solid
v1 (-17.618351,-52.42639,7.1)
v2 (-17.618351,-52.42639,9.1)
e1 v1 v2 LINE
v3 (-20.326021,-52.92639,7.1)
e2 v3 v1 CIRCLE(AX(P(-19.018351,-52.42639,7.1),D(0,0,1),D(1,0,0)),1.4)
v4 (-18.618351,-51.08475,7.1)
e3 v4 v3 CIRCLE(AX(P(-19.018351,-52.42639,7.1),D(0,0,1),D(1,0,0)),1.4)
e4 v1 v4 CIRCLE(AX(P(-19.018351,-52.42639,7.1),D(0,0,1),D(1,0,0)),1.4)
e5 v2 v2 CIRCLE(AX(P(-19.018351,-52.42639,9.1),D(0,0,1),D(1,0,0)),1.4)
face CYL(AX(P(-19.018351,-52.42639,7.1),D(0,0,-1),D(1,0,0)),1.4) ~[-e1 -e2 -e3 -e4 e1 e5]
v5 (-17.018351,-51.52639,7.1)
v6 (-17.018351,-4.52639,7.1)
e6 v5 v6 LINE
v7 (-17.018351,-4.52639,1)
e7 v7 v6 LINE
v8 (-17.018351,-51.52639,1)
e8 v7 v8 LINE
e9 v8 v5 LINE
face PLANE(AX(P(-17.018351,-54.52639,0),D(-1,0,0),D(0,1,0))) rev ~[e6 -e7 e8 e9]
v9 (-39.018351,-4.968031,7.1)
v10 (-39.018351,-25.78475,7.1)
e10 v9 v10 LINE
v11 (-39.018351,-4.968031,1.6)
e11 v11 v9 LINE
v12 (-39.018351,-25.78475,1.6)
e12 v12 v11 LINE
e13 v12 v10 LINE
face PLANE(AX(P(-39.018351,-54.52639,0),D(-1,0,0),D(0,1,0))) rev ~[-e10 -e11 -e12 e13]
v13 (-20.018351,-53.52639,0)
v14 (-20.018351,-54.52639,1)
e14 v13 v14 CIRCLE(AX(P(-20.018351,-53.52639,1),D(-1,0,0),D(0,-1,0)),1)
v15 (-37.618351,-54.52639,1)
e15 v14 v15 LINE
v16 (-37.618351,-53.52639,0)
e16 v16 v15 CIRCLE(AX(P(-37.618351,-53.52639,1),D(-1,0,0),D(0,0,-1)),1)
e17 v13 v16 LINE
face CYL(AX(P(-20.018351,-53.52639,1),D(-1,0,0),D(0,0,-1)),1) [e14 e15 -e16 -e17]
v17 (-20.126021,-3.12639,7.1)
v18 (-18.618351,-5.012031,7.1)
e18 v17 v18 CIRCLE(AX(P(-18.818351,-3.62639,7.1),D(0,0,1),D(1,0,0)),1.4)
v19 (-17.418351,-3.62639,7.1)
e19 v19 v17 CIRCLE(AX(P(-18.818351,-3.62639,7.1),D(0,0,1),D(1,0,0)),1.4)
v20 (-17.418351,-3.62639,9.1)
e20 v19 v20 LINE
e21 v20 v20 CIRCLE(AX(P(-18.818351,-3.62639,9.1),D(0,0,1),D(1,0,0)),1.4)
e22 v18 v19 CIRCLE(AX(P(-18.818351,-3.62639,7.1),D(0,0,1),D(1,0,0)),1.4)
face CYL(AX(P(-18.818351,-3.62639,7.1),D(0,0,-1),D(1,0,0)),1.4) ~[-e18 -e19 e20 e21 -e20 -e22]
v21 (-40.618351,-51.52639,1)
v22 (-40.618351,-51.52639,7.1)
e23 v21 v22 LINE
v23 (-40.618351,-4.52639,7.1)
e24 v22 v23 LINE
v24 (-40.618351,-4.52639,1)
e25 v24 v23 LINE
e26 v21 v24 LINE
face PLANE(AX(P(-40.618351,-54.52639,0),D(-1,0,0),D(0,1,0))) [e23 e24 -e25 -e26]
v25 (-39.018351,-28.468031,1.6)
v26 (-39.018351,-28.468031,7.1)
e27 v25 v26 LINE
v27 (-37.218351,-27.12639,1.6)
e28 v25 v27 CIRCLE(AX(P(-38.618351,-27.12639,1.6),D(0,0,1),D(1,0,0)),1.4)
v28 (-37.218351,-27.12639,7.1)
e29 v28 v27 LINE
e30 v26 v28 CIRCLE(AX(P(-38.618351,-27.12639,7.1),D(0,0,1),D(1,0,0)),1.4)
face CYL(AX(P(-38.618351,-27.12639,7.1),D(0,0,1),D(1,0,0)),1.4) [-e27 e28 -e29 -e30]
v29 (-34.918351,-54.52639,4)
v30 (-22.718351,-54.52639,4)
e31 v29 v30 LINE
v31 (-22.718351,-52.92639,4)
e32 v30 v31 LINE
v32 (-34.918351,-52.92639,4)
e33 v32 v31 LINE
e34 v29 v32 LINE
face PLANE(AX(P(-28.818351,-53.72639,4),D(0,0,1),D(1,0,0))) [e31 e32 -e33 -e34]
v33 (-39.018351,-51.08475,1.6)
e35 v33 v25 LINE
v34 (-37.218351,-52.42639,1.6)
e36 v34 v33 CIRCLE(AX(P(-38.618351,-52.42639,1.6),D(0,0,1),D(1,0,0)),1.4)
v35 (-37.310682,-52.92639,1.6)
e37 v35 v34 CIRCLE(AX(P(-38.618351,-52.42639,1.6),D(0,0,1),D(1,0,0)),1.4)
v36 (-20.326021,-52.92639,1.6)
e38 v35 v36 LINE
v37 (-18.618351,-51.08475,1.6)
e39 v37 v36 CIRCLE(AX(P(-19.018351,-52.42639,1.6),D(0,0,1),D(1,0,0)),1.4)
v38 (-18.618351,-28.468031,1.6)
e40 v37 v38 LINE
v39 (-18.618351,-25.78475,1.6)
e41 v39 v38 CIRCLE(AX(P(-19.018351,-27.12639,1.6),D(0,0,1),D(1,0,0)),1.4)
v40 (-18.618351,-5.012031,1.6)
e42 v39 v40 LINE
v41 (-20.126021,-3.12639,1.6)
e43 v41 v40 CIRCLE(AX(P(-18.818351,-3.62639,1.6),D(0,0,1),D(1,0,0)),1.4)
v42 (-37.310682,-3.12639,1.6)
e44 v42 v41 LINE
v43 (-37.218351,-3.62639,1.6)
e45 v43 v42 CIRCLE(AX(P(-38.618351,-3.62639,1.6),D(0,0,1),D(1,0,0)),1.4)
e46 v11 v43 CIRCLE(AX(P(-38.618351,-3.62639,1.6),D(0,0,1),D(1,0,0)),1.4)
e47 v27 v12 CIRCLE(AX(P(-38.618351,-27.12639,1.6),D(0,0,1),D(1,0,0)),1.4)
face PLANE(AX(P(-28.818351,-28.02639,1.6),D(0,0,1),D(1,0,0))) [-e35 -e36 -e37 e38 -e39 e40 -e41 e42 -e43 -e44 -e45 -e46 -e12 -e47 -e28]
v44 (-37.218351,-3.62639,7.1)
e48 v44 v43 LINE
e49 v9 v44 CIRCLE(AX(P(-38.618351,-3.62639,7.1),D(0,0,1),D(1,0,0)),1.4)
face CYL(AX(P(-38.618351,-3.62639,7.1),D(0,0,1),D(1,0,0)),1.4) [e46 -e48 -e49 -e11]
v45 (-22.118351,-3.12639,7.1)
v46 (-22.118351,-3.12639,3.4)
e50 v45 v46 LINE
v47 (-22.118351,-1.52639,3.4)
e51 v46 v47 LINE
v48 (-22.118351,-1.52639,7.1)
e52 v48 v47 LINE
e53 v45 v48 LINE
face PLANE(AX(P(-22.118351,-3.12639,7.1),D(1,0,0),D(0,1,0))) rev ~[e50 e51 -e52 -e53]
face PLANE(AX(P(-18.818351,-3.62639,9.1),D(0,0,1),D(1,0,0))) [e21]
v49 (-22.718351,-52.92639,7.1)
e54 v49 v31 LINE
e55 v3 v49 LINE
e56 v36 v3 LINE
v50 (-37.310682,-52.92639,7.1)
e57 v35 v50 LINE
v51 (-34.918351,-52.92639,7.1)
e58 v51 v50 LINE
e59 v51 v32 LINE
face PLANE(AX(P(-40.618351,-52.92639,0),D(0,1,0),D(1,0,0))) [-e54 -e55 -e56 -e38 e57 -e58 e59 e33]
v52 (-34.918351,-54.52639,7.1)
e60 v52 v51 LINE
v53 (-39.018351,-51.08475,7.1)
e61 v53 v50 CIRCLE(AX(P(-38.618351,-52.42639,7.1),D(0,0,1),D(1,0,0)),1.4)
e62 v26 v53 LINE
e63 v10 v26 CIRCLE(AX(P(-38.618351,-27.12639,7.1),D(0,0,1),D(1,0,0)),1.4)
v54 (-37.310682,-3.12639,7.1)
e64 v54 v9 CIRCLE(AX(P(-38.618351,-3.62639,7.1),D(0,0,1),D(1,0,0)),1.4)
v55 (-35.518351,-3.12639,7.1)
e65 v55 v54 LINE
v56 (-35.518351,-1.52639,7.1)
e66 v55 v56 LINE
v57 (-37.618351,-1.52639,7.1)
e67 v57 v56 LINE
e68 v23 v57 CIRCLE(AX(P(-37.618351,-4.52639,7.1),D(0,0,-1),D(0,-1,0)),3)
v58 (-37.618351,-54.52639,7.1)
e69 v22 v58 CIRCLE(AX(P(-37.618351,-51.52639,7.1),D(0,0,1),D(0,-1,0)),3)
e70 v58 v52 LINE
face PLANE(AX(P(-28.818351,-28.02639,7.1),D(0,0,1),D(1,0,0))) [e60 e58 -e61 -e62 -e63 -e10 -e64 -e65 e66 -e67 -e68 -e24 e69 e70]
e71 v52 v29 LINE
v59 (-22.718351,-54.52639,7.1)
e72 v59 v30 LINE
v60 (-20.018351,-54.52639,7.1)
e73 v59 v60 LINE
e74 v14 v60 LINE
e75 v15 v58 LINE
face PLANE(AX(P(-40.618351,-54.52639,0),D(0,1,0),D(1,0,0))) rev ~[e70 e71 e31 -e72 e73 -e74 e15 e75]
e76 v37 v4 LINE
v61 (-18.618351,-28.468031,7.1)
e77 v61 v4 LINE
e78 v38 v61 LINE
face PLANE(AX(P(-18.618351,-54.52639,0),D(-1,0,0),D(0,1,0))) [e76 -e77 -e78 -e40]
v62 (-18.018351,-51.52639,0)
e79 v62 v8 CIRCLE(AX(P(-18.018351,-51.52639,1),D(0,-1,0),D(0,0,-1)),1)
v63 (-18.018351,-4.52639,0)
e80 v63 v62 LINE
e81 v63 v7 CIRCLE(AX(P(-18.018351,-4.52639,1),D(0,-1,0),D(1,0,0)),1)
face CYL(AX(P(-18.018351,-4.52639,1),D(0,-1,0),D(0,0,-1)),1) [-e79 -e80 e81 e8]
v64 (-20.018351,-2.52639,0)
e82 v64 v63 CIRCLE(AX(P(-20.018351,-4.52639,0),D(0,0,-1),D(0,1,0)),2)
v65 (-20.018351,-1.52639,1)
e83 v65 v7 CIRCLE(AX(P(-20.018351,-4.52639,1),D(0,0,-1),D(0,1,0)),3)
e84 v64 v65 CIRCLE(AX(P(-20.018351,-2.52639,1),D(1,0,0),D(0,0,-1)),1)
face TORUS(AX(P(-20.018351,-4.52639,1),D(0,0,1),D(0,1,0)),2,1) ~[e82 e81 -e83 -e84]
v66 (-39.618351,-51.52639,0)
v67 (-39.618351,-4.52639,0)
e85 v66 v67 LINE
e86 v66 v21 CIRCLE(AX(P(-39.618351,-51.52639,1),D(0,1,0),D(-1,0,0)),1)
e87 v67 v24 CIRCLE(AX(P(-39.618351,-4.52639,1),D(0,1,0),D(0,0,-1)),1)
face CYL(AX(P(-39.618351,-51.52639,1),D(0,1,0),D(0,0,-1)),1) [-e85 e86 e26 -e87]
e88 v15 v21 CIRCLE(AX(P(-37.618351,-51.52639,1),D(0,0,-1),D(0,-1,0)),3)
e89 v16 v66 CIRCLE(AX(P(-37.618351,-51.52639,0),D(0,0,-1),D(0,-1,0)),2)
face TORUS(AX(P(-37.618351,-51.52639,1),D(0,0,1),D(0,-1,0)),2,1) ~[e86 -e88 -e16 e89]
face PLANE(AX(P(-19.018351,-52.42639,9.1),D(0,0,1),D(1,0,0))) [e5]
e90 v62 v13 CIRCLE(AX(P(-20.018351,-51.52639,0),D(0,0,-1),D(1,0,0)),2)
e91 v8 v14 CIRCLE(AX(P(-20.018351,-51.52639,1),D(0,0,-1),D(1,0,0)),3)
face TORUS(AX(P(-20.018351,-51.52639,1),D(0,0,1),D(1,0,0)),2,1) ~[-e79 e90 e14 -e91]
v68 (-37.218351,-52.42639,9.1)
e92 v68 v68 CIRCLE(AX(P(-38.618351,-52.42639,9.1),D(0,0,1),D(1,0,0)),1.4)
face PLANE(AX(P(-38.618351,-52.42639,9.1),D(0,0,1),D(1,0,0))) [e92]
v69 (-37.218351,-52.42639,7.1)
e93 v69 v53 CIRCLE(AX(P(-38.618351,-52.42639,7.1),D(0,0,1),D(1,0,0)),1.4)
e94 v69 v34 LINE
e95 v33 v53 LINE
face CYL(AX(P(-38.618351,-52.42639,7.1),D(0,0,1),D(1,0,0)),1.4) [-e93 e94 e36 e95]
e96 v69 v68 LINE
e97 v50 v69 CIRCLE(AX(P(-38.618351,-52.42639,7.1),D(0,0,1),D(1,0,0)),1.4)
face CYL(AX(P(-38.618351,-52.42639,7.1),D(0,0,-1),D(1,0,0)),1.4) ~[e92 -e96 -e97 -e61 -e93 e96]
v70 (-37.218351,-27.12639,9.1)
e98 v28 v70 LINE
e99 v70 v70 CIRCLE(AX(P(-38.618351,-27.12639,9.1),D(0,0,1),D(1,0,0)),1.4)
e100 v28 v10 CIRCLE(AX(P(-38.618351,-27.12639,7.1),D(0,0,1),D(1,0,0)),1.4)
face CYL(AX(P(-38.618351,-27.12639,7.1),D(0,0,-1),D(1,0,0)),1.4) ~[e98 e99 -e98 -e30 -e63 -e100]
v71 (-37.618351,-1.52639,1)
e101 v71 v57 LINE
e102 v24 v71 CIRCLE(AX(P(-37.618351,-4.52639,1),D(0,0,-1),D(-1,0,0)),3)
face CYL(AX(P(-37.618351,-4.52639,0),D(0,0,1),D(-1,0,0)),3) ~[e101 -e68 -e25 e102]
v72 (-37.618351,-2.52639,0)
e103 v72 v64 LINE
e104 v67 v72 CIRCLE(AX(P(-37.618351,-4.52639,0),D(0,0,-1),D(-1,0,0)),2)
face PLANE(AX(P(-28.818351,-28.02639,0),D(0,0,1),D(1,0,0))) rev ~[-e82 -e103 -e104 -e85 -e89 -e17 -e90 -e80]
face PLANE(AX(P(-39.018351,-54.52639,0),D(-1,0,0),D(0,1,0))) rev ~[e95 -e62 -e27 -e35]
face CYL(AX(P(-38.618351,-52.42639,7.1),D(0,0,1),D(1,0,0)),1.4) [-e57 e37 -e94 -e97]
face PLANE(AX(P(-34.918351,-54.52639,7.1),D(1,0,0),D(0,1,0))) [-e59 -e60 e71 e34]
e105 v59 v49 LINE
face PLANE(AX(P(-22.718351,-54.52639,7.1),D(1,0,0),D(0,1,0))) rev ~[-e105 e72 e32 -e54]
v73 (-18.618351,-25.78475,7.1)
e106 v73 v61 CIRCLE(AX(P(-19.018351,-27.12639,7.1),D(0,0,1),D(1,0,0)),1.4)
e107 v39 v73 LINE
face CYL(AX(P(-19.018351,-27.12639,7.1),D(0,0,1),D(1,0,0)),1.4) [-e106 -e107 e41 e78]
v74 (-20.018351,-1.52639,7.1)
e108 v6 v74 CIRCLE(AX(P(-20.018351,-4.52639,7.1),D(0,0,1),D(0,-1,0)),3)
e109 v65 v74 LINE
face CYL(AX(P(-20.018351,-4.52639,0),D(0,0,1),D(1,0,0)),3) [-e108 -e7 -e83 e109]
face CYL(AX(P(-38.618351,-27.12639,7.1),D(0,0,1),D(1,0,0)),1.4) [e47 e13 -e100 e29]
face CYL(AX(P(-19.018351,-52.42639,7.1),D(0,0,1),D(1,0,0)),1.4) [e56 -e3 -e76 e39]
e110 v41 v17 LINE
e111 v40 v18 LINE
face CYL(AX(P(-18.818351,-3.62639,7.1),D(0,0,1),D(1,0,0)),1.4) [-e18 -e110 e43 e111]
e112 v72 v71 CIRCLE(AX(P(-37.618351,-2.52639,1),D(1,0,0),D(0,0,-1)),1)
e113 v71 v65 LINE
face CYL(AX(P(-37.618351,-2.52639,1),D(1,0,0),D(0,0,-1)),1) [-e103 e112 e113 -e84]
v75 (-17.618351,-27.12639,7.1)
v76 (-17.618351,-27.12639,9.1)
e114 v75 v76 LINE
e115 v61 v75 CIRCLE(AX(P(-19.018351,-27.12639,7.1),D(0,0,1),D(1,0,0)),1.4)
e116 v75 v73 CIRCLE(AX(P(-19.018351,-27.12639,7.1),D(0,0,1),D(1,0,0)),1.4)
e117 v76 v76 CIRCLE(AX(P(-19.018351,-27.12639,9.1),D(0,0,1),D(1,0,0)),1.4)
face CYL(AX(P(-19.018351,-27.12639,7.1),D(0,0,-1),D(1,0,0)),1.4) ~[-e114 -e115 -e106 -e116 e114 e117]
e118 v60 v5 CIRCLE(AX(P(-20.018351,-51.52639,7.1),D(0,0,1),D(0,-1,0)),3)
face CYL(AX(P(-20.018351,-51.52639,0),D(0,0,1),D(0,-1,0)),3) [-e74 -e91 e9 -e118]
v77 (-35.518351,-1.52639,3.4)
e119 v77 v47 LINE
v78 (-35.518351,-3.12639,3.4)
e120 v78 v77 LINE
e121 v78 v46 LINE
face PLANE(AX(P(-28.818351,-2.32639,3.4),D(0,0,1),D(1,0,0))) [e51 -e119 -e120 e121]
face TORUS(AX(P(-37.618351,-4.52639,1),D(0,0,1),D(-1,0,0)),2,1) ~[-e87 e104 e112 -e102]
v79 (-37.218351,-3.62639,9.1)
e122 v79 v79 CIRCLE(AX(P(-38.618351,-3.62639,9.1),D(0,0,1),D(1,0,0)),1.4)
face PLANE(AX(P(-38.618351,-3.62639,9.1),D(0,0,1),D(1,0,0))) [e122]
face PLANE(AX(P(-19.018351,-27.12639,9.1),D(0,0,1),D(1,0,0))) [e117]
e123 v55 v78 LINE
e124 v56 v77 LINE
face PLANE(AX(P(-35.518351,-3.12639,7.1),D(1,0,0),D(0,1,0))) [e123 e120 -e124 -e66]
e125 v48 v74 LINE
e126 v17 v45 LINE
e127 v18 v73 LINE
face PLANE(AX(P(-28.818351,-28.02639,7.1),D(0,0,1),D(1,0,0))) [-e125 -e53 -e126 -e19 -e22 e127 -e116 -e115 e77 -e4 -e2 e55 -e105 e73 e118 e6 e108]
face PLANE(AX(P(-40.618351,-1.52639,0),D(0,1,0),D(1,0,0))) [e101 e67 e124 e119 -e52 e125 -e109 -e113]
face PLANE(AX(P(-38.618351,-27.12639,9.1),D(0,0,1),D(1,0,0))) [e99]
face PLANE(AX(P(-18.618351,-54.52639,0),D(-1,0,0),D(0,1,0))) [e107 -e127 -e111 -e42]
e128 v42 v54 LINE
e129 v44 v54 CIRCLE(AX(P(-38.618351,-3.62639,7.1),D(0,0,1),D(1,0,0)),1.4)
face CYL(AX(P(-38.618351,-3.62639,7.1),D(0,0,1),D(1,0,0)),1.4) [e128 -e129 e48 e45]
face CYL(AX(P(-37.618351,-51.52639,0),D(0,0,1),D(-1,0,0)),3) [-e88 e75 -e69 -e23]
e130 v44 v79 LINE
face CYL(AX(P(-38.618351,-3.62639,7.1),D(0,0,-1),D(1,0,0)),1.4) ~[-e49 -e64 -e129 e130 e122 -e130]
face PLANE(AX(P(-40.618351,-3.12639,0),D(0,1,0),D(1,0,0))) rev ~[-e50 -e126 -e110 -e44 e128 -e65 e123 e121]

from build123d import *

# Parameters (mm, degrees)
SKETCH1_W                = 23.6
SKETCH1_H                = 53
BOSS_EXTRUDE2_DEPTH      = 7.1
SHELL1_T                 = -1.6
FILLET2_R                = 3
SKETCH7_W                = 12.2
SKETCH7_H                = 1.6
CUT_EXTRUDE1_DEPTH       = 3.1
SKETCH8_W                = 13.4
SKETCH8_H                = 1.6
CUT_EXTRUDE2_DEPTH       = 3.7
FILLET3_R                = 1
SKETCH10_R               = 1.4
BOSS_EXTRUDE4_DEPTH      = 2
BOSS_EXTRUDE4_DEPTH_BACK = 6.5


with BuildPart() as part:
    # Sketch1 → Boss-Extrude2 (new body)
    with BuildSketch(Plane.XY):
        with Locations((-28.818351302, -28.026390465)):
            Rectangle(SKETCH1_W, SKETCH1_H)
    extrude(amount=BOSS_EXTRUDE2_DEPTH)

    # Shell1
    shell1_openings = [part.faces().sort_by_distance(p)[0] for p in [
        (-28.818351302, -28.026390465, 7.1),
    ]]
    offset(amount=SHELL1_T, openings=shell1_openings, kind=Kind.INTERSECTION)

    # Fillet2
    fillet2_edges = [part.edges().sort_by_distance(p)[0] for p in [
        (-40.618351302, -1.526390465, 3.55),
        (-17.018351302, -1.526390465, 3.55),
        (-17.018351302, -54.526390465, 3.55),
        (-40.618351302, -54.526390465, 3.55),
    ]]
    fillet(fillet2_edges, radius=FILLET2_R)

    # Sketch7 → Cut-Extrude1 (cut)
    with BuildSketch(Plane.XY.offset(7.1)):
        with Locations((-28.818351302, -53.726390465)):
            Rectangle(SKETCH7_W, SKETCH7_H)
    extrude(amount=-CUT_EXTRUDE1_DEPTH, mode=Mode.SUBTRACT)

    # Sketch8 → Cut-Extrude2 (cut)
    with BuildSketch(Plane.XY.offset(7.1)):
        with Locations((-28.818351302, -2.326390465)):
            Rectangle(SKETCH8_W, SKETCH8_H)
    extrude(amount=-CUT_EXTRUDE2_DEPTH, mode=Mode.SUBTRACT)

    # Fillet3
    fillet3_edges = [part.edges().sort_by_distance(p)[0] for p in [
        (-28.818351302, -1.526390465, 0),
        (-40.618351302, -28.026390465, 0),
        (-17.018351302, -28.026390465, 0),
        (-28.818351302, -54.526390465, 0),
        (-39.739671646, -2.405070122, 0),
        (-39.739671646, -53.647710809, 0),
        (-17.897030959, -53.647710809, 0),
        (-17.897030959, -2.405070122, 0),
    ]]
    fillet(fillet3_edges, radius=FILLET3_R)

    # Sketch10 → Boss-Extrude4 (add, two sides)
    with BuildSketch(Plane.XY.offset(7.1)) as boss_extrude4_sk:
        with Locations((-38.618351302, -52.426390465)):
            Circle(SKETCH10_R)
        with Locations((-19.018351302, -52.426390465)):
            Circle(SKETCH10_R)
        with Locations((-38.618351302, -27.126390465)):
            Circle(SKETCH10_R)
        with Locations((-19.018351302, -27.126390465)):
            Circle(SKETCH10_R)
        with Locations((-18.818351302, -3.626390465)):
            Circle(SKETCH10_R)
        with Locations((-38.618351302, -3.626390465)):
            Circle(SKETCH10_R)
    extrude(amount=BOSS_EXTRUDE4_DEPTH)
    extrude(boss_extrude4_sk.sketch, amount=-BOSS_EXTRUDE4_DEPTH_BACK)


solid = part.part
